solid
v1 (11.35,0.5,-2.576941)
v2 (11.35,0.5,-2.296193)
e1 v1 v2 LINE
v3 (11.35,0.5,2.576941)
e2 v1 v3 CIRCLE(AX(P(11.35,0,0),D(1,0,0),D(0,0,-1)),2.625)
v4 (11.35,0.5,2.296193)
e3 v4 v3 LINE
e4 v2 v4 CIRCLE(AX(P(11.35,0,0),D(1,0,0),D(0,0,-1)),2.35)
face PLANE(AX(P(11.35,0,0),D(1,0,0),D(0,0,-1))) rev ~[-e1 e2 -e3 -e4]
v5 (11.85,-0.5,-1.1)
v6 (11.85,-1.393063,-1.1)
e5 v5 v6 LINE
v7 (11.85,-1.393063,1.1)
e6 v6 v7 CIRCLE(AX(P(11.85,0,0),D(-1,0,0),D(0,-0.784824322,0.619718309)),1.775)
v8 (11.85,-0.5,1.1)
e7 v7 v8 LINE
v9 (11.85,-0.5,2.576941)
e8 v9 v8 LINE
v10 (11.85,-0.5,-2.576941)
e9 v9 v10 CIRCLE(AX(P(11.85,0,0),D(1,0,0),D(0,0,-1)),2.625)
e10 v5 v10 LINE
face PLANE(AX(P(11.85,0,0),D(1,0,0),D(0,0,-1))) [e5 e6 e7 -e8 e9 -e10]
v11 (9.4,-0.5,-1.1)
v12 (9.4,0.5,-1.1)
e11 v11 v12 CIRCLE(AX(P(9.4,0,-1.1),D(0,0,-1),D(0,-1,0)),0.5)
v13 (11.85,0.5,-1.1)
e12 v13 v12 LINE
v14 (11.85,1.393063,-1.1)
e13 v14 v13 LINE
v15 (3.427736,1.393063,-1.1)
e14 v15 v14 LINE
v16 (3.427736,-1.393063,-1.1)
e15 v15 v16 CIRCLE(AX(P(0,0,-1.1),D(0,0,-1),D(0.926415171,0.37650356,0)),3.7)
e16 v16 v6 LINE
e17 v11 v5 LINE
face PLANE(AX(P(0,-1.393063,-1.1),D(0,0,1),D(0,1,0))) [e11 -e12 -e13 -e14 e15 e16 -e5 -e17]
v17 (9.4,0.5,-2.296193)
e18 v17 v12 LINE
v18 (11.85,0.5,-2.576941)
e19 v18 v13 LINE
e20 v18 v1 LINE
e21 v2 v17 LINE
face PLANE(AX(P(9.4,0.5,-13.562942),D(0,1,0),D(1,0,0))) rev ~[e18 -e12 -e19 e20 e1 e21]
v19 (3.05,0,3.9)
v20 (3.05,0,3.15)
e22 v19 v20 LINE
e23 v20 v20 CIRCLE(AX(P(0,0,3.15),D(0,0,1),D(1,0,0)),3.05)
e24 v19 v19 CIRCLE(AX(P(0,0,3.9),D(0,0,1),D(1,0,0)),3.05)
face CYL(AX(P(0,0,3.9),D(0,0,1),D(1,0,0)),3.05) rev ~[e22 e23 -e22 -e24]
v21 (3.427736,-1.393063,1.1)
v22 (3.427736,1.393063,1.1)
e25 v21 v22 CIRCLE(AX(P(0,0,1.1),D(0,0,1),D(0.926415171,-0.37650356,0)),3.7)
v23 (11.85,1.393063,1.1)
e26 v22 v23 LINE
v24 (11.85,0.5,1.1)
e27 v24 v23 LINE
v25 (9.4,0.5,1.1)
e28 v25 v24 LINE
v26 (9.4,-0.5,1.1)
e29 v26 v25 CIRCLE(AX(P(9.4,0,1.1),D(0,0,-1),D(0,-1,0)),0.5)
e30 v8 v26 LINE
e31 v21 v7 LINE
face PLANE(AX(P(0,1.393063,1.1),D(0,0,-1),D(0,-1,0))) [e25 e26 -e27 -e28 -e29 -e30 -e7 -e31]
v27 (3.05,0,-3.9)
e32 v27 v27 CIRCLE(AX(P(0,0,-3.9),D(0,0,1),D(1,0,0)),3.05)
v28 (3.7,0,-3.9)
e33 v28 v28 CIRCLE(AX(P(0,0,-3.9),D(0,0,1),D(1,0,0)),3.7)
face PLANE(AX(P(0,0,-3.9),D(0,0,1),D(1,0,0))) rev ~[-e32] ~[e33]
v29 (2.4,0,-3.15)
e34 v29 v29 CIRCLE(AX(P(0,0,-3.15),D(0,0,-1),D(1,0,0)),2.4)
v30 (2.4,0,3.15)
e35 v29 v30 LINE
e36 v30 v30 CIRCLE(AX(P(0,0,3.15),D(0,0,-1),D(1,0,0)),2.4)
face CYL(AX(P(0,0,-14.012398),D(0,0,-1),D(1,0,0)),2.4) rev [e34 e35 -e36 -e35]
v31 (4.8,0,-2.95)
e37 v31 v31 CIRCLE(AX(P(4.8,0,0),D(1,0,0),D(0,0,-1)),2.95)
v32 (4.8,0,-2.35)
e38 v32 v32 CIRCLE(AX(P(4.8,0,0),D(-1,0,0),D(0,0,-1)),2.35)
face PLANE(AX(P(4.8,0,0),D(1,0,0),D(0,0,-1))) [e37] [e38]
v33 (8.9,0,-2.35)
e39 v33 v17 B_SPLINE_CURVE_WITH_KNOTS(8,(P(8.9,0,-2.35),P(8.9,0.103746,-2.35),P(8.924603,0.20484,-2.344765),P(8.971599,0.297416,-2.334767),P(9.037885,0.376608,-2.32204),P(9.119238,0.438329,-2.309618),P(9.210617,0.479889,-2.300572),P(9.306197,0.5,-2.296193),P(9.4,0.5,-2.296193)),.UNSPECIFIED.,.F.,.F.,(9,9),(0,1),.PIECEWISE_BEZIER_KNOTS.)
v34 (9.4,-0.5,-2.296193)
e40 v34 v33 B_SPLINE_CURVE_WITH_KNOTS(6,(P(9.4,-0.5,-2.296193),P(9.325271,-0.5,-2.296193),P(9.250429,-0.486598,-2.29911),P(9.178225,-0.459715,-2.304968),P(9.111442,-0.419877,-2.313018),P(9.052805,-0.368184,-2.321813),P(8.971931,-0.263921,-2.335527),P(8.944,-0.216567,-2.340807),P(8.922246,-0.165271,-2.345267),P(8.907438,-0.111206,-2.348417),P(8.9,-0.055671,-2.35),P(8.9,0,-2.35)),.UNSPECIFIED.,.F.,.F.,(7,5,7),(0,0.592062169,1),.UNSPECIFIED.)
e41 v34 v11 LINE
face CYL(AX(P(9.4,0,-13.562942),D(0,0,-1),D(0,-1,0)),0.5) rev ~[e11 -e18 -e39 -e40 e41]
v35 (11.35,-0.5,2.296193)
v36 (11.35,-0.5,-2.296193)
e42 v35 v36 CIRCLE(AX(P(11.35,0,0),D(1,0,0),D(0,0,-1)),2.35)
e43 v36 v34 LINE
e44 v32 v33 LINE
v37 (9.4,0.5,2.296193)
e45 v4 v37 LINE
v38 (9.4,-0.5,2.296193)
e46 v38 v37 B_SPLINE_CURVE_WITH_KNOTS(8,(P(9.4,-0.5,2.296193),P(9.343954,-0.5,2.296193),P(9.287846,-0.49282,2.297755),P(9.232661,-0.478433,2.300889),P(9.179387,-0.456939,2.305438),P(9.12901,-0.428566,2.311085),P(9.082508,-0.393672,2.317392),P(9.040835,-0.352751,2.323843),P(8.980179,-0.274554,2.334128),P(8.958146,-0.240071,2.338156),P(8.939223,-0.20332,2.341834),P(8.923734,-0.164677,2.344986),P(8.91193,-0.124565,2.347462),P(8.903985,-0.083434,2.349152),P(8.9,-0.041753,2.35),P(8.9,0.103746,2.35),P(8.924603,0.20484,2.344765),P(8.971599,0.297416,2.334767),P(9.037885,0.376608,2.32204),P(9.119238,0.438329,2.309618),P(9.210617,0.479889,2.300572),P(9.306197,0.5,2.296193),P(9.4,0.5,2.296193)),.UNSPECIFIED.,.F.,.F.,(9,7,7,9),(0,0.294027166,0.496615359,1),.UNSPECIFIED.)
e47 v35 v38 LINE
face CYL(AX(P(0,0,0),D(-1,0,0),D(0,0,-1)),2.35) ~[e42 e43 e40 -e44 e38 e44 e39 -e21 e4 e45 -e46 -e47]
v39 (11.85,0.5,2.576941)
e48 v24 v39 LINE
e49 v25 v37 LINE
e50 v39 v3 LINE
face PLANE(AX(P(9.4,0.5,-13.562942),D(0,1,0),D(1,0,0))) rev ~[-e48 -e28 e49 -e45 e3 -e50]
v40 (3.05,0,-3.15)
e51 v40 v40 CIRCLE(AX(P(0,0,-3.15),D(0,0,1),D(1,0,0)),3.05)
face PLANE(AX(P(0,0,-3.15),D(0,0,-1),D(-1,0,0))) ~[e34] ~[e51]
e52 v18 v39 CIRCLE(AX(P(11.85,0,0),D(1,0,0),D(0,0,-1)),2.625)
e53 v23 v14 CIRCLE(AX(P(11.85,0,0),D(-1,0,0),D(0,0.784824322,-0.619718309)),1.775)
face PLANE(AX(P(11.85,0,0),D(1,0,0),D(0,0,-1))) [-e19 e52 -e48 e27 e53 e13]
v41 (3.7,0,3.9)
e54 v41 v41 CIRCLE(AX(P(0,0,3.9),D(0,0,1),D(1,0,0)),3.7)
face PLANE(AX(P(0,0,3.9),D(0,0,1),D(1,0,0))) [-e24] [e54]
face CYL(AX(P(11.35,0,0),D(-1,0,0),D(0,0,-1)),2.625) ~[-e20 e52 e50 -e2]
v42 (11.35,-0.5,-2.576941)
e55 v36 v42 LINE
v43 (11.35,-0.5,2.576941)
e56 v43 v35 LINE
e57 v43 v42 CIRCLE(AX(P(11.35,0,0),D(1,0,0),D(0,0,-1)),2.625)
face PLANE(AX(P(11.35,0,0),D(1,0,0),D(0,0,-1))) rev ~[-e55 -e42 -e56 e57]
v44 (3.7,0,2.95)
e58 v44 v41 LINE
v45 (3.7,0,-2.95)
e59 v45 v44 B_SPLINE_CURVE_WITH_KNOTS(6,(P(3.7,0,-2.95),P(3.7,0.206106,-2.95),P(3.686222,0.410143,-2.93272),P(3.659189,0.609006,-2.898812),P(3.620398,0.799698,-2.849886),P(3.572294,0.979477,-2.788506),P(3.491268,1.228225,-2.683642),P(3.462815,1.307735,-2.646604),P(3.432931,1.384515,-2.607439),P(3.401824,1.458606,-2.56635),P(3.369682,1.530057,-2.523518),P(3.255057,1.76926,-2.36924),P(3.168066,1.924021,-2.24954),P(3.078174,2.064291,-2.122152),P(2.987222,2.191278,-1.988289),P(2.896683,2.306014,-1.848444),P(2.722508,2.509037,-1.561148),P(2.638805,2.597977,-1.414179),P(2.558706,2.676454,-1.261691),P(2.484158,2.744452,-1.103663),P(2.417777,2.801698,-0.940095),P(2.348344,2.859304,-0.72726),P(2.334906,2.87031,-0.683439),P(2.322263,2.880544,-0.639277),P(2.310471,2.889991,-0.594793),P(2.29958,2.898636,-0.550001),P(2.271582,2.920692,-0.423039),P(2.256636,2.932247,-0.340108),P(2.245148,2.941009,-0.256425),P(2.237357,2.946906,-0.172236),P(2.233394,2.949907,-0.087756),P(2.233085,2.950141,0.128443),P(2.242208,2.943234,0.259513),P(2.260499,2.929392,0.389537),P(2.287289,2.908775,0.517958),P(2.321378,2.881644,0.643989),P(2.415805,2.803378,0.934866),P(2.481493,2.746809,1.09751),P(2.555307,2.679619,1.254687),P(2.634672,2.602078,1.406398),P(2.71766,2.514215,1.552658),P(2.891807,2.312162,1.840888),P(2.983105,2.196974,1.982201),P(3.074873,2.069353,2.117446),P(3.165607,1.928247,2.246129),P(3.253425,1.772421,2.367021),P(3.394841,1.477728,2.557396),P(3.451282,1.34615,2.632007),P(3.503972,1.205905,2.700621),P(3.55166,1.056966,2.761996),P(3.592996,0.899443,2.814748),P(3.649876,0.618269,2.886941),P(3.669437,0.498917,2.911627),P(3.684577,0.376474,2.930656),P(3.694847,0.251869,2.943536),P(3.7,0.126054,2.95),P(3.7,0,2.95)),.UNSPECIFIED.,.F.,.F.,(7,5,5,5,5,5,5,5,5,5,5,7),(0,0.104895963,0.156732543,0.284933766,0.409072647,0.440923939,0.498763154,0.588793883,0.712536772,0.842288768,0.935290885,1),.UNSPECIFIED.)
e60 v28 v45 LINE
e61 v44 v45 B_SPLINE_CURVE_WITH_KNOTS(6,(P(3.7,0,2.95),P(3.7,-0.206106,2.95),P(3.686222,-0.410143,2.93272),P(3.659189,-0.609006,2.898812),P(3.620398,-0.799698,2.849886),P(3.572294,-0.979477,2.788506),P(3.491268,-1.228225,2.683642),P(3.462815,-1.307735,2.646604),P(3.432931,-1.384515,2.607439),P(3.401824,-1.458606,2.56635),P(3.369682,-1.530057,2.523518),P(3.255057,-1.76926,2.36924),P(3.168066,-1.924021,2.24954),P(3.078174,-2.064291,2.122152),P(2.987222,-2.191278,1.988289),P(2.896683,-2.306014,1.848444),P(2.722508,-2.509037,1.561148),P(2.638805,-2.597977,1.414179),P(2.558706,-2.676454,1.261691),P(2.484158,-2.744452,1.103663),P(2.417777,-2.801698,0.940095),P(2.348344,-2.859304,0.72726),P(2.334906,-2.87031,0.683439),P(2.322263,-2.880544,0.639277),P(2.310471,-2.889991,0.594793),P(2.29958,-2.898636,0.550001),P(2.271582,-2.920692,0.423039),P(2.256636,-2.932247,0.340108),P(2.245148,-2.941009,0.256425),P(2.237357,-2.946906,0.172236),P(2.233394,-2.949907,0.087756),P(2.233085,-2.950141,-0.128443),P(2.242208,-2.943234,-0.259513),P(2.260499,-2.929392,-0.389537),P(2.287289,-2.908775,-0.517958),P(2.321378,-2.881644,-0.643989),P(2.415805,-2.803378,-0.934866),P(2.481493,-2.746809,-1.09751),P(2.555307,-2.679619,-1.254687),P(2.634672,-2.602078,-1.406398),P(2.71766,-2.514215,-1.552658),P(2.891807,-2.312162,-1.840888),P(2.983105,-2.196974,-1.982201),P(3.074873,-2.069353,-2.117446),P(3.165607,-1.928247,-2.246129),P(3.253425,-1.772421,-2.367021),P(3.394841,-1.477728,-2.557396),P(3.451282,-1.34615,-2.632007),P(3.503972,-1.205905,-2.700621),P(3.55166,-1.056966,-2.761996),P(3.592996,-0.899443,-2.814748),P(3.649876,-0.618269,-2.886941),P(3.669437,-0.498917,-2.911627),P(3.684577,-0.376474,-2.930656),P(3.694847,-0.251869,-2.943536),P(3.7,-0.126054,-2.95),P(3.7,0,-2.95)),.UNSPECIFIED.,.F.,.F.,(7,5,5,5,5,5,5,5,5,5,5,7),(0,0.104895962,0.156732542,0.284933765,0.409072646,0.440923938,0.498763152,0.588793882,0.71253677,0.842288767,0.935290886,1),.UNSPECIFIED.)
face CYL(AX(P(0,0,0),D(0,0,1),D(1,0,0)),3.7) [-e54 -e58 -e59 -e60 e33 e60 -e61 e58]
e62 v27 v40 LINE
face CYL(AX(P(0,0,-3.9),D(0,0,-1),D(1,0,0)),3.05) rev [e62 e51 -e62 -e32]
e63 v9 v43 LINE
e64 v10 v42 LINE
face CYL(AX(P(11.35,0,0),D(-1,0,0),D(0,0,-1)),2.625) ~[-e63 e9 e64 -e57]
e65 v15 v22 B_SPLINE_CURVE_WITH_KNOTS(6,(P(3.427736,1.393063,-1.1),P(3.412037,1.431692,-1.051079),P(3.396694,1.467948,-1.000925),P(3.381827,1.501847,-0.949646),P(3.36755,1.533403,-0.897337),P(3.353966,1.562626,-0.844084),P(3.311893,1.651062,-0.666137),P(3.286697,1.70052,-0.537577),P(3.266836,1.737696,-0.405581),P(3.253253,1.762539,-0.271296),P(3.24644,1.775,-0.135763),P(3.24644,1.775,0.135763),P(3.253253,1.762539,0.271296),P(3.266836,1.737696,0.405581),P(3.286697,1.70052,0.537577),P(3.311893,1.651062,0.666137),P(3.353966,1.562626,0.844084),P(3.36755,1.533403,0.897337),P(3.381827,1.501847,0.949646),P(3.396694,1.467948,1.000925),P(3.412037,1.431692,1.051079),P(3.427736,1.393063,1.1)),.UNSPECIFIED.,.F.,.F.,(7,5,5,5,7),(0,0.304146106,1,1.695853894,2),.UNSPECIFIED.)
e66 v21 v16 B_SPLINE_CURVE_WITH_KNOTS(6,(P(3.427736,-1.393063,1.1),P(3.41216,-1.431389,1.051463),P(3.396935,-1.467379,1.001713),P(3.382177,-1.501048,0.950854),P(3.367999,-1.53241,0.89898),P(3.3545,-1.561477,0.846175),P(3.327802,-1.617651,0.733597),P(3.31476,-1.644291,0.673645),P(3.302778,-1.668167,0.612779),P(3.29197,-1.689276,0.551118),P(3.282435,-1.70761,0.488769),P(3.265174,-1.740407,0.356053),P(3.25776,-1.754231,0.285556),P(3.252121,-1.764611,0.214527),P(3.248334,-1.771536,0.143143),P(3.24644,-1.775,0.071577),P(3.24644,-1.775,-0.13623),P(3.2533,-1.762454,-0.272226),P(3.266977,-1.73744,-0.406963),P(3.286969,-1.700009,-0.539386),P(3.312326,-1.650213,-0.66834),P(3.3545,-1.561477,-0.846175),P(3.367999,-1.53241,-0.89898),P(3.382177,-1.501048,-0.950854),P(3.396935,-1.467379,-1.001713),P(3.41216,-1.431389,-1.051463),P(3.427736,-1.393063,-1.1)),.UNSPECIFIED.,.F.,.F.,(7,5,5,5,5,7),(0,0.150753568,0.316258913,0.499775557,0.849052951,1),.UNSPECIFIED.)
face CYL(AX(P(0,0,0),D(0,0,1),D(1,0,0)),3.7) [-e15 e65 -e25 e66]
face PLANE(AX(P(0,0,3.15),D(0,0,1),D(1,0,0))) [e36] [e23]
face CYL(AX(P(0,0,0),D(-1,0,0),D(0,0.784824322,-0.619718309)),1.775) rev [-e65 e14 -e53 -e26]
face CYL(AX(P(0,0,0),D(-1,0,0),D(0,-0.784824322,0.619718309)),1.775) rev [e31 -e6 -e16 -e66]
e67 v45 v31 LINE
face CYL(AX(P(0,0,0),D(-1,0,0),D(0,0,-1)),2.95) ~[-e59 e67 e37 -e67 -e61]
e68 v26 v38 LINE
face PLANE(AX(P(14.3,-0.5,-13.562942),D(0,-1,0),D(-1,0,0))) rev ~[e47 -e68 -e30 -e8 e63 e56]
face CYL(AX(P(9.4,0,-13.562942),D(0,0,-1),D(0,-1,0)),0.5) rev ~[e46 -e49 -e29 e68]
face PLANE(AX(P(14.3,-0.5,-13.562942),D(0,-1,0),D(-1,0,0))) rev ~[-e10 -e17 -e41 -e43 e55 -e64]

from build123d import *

# Parameters (mm, degrees)
SKETCH1_R              = 2.35
PIN_DEPTH              = 11.35
SKETCH2_R              = 2.95
MIDDLE_DEPTH           = 4.8
SKETCH3_R              = 2.625
OUTER_RIM_DEPTH        = 0.5
BORE_CUT_DEPTH         = 13.562941535
SLOT_CUT_DEPTH         = 13.562941535
SLOT_CUT_DEPTH_BACK    = 13.562941535
SKETCH6_R              = 3.7
MIDDLE_BODY_DEPTH      = 3.9
MIDDLE_BORE_DEPTH      = 14.012398084
MIDDLE_BORE_DEPTH_BACK = 14.012398084
SKETCH7_R              = 2.4
SKETCH8_R              = 3.05
MIDDLE_RIM_CUT_DEPTH   = 0.75


with BuildPart() as part:
    # Sketch1 → Pin (new body)
    with BuildSketch(Plane(origin=(0, 0, 0), x_dir=(0, 0, -1), z_dir=(1, 0, 0))):
        Circle(SKETCH1_R)
    extrude(amount=PIN_DEPTH)

    # Sketch2 → Middle (add)
    with BuildSketch(Plane(origin=(0, 0, 0), x_dir=(0, 0, -1), z_dir=(1, 0, 0))):
        Circle(SKETCH2_R)
    extrude(amount=MIDDLE_DEPTH)

    # Sketch3 → Outer Rim (add)
    with BuildSketch(Plane(origin=(11.35, 0, 0), x_dir=(0, 0, -1), z_dir=(1, 0, 0))):
        Circle(SKETCH3_R)
    extrude(amount=OUTER_RIM_DEPTH)

    # Sketch4 → Bore Cut (cut, through all)
    with BuildSketch(Plane(origin=(0, 0, 0), x_dir=(0, 0, -1), z_dir=(1, 0, 0))):
        with BuildLine():
            ThreePointArc((-1.1, -1.393063172), (0, -1.775), (1.1, -1.393063172))
            Line((1.1, -1.393063172), (1.1, 1.393063172))
            ThreePointArc((1.1, 1.393063172), (0, 1.775), (-1.1, 1.393063172))
            Line((-1.1, 1.393063172), (-1.1, -1.393063172))
        make_face()
    extrude(amount=BORE_CUT_DEPTH, mode=Mode.SUBTRACT)

    # Sketch5 → Slot Cut (cut, two sides: drawn at the far end of the back side and taken through both)
    with BuildSketch(Plane.XY.offset(-SLOT_CUT_DEPTH_BACK)):
        with BuildLine():
            Line((14.3, -0.5), (9.4, -0.5))
            ThreePointArc((9.4, -0.5), (8.9, 0), (9.4, 0.5))
            Line((9.4, 0.5), (14.3, 0.5))
            ThreePointArc((14.3, 0.5), (14.8, 0), (14.3, -0.5))
        make_face()
        with BuildLine():
            Line((-14.3, -0.5), (-9.4, -0.5))
            ThreePointArc((-9.4, -0.5), (-8.9, 0), (-9.4, 0.5))
            Line((-9.4, 0.5), (-14.3, 0.5))
            ThreePointArc((-14.3, 0.5), (-14.8, 0), (-14.3, -0.5))
        make_face()
    extrude(amount=SLOT_CUT_DEPTH + SLOT_CUT_DEPTH_BACK, mode=Mode.SUBTRACT)

    # Sketch6 → Middle Body (add, symmetric)
    with BuildSketch(Plane.XY):
        Circle(SKETCH6_R)
    extrude(amount=MIDDLE_BODY_DEPTH, both=True)

    # Sketch7 → Middle Bore (cut, two sides: drawn at the far end of the back side and taken through both)
    with BuildSketch(Plane.XY.offset(-MIDDLE_BORE_DEPTH_BACK)):
        Circle(SKETCH7_R)
    extrude(amount=MIDDLE_BORE_DEPTH + MIDDLE_BORE_DEPTH_BACK, mode=Mode.SUBTRACT)

    # Sketch8 → Middle Rim Cut (cut)
    with BuildSketch(Plane.XY.offset(3.9)):
        Circle(SKETCH8_R)
    middle_rim_cut = extrude(amount=-MIDDLE_RIM_CUT_DEPTH, mode=Mode.SUBTRACT)

    # Mirror2: Middle Rim Cut across plane
    add(middle_rim_cut.mirror(Plane.XY), mode=Mode.SUBTRACT)


solid = part.part
